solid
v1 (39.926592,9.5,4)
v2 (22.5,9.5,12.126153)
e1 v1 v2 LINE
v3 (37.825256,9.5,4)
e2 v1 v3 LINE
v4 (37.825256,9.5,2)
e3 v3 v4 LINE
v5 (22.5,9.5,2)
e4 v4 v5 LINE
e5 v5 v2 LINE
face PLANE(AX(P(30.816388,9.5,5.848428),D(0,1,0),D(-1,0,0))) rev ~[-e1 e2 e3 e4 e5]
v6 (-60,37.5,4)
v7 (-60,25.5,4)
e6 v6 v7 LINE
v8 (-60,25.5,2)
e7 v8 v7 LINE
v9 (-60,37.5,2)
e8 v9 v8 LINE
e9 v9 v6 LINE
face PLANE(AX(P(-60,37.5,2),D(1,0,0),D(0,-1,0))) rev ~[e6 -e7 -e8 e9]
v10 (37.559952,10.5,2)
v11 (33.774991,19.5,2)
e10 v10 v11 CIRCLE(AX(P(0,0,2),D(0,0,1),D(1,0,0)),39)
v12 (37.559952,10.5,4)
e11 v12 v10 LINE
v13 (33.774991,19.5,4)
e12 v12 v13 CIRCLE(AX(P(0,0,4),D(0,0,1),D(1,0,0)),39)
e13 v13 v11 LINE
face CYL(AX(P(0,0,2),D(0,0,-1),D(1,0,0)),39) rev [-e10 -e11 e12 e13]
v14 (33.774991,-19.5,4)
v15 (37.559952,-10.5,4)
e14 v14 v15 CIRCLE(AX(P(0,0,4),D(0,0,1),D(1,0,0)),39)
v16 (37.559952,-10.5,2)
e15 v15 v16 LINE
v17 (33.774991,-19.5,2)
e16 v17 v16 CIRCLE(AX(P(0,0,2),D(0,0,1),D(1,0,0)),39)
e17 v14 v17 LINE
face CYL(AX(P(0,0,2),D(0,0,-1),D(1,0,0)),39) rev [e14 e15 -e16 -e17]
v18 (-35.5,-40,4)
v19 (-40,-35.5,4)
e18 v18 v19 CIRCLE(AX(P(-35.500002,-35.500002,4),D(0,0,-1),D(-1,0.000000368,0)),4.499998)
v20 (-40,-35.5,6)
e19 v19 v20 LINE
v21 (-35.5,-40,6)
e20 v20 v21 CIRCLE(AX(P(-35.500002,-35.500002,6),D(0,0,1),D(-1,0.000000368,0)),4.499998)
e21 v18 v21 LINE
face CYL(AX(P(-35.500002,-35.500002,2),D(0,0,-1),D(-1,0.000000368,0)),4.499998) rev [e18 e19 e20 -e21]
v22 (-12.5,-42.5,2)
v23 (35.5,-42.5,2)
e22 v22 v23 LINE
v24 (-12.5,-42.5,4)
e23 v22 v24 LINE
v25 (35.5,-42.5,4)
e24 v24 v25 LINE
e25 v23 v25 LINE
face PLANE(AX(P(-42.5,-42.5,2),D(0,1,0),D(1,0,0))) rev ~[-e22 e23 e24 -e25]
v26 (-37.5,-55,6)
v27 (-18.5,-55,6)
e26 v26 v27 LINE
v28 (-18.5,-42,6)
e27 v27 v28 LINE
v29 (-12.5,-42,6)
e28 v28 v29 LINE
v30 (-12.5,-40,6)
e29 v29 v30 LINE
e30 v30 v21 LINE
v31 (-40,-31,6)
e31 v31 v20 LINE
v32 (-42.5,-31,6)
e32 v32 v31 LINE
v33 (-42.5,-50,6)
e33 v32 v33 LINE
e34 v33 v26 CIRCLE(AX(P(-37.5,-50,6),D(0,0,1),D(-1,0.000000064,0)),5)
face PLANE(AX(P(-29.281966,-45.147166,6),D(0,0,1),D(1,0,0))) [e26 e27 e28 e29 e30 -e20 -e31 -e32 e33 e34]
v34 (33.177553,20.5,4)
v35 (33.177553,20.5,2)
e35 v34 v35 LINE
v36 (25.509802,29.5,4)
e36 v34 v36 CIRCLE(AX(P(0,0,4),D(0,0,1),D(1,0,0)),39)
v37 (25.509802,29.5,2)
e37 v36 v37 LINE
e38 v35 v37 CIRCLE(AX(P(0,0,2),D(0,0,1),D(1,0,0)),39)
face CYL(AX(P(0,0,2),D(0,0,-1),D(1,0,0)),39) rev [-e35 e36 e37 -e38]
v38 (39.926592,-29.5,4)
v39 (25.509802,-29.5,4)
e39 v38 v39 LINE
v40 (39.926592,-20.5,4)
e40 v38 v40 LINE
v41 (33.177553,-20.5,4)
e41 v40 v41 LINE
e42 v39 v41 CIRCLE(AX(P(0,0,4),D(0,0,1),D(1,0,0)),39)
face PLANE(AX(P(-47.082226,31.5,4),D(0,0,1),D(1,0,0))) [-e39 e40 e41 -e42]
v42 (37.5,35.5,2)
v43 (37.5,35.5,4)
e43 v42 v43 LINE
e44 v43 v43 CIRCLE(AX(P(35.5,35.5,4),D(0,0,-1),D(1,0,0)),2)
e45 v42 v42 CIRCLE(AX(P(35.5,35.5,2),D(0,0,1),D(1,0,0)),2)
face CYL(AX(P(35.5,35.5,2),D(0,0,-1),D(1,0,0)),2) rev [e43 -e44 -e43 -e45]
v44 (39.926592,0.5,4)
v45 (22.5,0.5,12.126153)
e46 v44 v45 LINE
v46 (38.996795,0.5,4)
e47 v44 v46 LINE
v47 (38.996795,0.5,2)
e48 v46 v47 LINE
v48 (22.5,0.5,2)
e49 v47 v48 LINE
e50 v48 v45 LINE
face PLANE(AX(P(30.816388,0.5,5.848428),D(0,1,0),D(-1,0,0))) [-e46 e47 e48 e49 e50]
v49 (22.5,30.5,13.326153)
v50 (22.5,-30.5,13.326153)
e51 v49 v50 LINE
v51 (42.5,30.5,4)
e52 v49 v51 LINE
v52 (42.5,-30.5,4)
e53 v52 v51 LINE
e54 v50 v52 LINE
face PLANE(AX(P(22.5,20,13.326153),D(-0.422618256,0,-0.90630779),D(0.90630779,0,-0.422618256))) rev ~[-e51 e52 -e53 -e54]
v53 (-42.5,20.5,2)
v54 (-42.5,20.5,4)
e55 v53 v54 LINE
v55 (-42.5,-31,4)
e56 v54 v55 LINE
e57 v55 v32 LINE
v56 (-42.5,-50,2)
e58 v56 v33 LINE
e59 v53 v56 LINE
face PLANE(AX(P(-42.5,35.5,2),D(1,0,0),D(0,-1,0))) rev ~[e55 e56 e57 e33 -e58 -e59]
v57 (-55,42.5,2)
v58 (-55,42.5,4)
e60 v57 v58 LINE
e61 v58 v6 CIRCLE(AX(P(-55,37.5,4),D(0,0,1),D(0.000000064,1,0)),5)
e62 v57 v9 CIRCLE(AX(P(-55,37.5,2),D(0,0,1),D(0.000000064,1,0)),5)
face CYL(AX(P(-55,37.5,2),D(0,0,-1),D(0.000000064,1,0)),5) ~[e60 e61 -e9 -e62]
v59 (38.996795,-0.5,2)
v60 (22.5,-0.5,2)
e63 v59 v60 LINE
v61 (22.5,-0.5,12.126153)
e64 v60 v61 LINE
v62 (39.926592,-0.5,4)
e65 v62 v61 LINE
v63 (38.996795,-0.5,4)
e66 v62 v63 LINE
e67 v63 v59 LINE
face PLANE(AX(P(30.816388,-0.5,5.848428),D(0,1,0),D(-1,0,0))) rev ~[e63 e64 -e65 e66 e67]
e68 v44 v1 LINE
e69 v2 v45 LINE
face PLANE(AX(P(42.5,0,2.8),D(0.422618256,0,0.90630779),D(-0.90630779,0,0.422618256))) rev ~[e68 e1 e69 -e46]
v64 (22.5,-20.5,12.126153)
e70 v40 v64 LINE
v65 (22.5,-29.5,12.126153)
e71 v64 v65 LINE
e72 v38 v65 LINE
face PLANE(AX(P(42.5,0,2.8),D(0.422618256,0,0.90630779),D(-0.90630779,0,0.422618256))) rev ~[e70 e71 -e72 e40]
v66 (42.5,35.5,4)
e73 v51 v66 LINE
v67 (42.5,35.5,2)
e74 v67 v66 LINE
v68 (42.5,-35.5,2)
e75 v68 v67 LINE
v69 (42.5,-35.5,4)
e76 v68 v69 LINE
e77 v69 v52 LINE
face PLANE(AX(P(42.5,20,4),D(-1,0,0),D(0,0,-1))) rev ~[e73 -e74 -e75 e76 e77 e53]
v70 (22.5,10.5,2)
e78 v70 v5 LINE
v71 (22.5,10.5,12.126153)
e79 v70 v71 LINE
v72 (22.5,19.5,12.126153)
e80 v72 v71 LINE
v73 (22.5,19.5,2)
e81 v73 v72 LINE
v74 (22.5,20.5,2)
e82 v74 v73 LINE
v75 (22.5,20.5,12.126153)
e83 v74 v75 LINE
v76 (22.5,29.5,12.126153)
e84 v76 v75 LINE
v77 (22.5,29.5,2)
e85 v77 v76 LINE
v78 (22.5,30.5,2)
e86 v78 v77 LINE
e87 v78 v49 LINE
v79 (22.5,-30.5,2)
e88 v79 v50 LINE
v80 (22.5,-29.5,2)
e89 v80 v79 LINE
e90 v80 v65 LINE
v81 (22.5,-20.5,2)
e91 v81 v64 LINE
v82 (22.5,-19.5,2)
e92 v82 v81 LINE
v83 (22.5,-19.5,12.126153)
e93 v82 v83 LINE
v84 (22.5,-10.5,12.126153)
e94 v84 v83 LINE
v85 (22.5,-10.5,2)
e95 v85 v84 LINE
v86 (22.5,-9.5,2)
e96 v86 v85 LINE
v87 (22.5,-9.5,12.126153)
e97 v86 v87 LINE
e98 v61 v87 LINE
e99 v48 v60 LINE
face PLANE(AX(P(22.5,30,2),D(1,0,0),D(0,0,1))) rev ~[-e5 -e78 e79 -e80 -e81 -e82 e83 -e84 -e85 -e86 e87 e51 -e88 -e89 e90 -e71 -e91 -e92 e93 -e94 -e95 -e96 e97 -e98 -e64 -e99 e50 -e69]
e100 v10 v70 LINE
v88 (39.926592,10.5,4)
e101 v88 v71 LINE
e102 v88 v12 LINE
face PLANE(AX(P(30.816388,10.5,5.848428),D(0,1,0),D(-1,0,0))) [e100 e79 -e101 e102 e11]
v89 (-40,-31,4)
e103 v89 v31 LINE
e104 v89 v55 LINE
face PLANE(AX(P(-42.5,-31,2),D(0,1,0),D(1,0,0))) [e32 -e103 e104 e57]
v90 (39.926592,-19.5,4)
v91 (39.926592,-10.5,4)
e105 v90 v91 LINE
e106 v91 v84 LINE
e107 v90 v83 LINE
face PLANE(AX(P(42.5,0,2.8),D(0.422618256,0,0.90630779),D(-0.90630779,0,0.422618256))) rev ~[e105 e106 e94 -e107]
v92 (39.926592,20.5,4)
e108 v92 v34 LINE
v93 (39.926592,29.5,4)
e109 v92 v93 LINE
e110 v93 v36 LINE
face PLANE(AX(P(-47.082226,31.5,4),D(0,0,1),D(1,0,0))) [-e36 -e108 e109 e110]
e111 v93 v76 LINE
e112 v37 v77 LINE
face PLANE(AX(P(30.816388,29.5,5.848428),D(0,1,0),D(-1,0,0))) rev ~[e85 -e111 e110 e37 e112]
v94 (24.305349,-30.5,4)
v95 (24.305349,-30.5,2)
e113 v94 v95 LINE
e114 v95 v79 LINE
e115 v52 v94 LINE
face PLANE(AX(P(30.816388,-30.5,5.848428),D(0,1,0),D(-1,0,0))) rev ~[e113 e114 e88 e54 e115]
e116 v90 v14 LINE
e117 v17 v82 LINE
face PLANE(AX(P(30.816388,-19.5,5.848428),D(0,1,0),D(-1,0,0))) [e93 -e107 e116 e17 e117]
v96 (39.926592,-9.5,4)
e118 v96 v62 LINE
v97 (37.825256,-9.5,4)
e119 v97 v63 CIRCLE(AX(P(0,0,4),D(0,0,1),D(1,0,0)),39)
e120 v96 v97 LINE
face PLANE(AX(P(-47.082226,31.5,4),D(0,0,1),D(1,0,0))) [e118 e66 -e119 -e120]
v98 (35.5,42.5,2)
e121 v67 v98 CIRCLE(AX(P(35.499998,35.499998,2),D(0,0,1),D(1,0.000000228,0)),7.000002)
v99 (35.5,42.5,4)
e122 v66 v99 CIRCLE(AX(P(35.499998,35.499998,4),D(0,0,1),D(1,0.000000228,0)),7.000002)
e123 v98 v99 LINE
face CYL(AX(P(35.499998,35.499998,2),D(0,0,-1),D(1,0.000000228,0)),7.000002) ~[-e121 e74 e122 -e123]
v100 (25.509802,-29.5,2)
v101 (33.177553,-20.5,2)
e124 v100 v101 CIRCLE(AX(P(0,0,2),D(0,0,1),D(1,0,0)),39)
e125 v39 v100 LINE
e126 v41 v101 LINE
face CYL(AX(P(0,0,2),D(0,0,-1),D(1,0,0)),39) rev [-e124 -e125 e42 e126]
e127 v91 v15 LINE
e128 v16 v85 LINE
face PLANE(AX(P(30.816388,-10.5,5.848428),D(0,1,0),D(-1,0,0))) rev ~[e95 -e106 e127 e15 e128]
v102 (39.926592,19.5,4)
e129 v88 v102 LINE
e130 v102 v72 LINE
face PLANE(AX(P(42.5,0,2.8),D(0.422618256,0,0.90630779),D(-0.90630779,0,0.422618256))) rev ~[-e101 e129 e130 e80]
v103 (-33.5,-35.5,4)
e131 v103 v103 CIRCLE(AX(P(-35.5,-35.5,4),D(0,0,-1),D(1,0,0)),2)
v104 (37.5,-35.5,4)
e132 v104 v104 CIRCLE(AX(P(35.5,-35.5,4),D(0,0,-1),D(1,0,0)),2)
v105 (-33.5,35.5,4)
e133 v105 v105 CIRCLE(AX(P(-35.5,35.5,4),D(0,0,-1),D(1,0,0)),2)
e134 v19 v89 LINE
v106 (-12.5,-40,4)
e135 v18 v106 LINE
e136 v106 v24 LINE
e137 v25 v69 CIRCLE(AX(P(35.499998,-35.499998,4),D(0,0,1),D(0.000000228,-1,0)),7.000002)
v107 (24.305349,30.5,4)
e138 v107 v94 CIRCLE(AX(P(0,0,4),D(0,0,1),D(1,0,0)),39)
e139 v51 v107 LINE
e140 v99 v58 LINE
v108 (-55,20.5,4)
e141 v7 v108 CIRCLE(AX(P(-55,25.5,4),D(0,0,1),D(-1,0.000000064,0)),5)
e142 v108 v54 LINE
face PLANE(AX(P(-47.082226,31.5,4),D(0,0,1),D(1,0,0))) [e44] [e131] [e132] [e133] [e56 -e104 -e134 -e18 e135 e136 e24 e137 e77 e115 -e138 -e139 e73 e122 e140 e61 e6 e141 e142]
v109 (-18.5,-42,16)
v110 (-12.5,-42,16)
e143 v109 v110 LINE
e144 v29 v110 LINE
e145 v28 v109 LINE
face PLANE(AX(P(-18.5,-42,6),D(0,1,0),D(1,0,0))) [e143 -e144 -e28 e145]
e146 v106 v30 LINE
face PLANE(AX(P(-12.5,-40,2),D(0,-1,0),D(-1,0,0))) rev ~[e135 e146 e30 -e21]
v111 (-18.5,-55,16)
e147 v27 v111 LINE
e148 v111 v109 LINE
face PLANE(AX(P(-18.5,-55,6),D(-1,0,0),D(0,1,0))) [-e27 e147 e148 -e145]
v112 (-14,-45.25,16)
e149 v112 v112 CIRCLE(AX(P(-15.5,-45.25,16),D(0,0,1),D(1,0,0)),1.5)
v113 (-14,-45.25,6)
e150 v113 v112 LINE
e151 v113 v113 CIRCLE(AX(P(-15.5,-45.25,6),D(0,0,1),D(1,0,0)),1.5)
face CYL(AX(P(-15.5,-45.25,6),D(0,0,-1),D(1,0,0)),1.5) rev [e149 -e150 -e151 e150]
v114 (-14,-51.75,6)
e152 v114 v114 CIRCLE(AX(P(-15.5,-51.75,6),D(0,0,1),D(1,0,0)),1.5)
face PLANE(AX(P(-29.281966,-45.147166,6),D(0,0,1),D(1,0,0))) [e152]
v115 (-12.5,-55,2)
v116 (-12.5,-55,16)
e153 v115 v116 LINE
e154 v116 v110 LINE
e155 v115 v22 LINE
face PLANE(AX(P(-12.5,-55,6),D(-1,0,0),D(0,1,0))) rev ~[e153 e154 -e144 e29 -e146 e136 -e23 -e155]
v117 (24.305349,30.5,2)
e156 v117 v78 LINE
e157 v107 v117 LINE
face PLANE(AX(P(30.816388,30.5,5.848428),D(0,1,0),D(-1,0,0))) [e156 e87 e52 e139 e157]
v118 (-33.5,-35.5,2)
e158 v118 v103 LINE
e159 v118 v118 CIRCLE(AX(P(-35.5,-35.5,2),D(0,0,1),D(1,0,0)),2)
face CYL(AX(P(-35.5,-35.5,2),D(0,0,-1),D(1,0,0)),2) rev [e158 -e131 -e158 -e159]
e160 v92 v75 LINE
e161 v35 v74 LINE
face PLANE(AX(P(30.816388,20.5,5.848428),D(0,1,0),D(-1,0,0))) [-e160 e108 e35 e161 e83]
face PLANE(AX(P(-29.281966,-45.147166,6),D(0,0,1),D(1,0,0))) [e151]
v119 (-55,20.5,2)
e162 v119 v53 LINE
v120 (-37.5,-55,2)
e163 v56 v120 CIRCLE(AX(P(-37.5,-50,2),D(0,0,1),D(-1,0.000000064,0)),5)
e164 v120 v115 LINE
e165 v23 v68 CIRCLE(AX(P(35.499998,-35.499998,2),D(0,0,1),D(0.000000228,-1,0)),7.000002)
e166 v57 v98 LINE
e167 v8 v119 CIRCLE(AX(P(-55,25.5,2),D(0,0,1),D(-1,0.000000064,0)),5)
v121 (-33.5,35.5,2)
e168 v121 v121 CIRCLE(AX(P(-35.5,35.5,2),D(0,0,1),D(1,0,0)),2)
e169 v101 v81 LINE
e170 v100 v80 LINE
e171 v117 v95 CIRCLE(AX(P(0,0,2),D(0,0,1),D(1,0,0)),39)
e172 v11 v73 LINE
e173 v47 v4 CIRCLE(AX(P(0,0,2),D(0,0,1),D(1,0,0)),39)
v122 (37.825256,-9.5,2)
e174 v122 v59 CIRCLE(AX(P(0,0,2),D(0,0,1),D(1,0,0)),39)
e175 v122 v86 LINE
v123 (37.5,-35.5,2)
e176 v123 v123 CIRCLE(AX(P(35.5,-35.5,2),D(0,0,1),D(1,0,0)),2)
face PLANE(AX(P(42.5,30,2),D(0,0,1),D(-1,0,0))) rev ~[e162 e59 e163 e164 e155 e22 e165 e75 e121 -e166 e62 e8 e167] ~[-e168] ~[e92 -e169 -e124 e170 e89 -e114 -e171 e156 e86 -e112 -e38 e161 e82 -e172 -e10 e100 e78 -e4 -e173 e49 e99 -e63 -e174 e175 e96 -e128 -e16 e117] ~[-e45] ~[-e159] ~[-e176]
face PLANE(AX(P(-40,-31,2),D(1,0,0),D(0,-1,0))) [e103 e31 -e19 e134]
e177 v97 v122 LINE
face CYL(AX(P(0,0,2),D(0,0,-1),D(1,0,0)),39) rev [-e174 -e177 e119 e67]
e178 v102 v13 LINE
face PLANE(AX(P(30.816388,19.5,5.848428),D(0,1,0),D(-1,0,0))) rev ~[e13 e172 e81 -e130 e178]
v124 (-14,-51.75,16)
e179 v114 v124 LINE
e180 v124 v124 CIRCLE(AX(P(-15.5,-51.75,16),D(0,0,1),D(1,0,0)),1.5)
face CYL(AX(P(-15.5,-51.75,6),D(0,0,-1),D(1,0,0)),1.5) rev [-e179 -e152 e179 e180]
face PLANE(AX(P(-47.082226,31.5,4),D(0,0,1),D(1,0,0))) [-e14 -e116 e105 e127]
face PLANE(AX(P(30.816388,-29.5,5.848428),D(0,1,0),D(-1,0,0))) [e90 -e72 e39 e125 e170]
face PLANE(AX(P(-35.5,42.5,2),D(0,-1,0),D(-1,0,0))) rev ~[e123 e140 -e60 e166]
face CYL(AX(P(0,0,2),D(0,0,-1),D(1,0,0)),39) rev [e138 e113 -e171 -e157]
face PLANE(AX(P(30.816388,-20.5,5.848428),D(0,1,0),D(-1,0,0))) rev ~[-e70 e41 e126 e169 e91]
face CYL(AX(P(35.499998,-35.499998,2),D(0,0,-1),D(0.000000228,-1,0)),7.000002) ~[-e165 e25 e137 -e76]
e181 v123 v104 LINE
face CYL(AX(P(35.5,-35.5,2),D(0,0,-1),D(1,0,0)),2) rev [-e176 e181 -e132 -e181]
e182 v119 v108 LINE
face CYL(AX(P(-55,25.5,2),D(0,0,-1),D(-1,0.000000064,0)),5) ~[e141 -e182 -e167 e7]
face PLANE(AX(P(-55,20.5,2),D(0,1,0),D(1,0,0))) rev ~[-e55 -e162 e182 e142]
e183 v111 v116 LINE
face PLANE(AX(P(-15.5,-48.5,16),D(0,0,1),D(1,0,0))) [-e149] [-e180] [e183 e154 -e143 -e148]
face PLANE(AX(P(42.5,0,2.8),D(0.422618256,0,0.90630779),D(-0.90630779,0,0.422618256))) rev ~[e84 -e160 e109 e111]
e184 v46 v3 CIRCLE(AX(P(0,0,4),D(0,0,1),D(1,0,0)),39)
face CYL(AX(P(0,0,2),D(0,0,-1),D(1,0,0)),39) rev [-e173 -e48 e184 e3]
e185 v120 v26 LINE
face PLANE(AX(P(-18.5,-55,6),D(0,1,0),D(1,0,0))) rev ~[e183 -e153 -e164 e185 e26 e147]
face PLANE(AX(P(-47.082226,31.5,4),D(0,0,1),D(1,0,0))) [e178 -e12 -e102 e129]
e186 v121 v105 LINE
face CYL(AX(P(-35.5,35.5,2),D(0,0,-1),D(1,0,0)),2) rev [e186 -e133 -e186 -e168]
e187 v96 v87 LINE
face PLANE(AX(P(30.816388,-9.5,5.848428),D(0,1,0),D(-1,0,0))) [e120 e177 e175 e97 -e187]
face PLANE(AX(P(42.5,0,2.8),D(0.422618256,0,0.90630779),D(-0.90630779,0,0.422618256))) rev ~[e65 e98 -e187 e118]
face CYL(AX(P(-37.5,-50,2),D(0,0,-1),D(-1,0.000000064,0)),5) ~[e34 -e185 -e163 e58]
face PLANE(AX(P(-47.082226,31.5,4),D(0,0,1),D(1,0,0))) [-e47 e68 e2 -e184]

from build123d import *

# Parameters (mm, degrees)
SKETCH003_R         = 39
PAD002_DEPTH        = 2
PAD009_DEPTH        = 4
SKETCH011_W         = 6
SKETCH011_H         = 13
SKETCH011_R         = 1.5
PAD011_DEPTH        = 10
PAD012_DEPTH        = 2
SKETCH013_R         = 2
SKETCH013_R_2       = 39
POCKET_DEPTH        = 0.001
POCKET_DEPTH_BACK   = 14.001
PAD003_DEPTH        = 29.5
PAD006_DEPTH        = 0.5
LINEARPATTERN_COUNT = 7
LINEARPATTERN_PITCH = 10


with BuildPart() as part:
    # Sketch003 → Pad002 (new body)
    with BuildSketch(Plane.XY):
        with BuildLine():
            Line((-42.5, 35.5), (-42.5, -42.5))
            Line((-42.5, -42.5), (35.5, -42.5))
            ThreePointArc((35.5, -42.5), (40.449747, -40.449747), (42.5, -35.5))
            Line((42.5, -35.5), (42.5, 35.5))
            ThreePointArc((42.5, 35.5), (40.449747, 40.449747), (35.5, 42.5))
            Line((35.5, 42.5), (-35.5, 42.5))
            ThreePointArc((-35.5, 42.5), (-40.449747, 40.449747), (-42.5, 35.5))
        make_face()
        Circle(SKETCH003_R, mode=Mode.SUBTRACT)
    extrude(amount=PAD002_DEPTH)

    # Sketch009 → Pad009 (join)
    with BuildSketch(Plane.XY):
        with BuildLine():
            Line((-42.5, -31), (-42.5, -50))
            ThreePointArc((-42.5, -50), (-41.035534, -53.535534), (-37.5, -55))
            Line((-37.5, -55), (-12.5, -55))
            Line((-12.5, -55), (-12.5, -40))
            Line((-12.5, -40), (-35.5, -40))
            ThreePointArc((-40, -35.5), (-38.681981, -38.681981), (-35.5, -40))
            Line((-40, -31), (-40, -35.5))
            Line((-42.5, -31), (-40, -31))
        make_face()
    extrude(amount=PAD009_DEPTH)

    # Sketch011 → Pad011 (join)
    with BuildSketch(Plane.XY.offset(4)):
        with Locations((-15.5, -48.5)):
            Rectangle(SKETCH011_W, SKETCH011_H)
        with Locations((-15.5, -45.25)):
            Circle(SKETCH011_R, mode=Mode.SUBTRACT)
        with Locations((-15.5, -51.75)):
            Circle(SKETCH011_R, mode=Mode.SUBTRACT)
    extrude(amount=PAD011_DEPTH)

    # Sketch012 → Pad012 (join)
    with BuildSketch(Plane.XY):
        with BuildLine():
            Line((-60, 37.5), (-60, 25.5))
            ThreePointArc((-60, 25.5), (-58.535534, 21.964466), (-55, 20.5))
            Line((-55, 20.5), (-35.5, 20.5))
            Line((-35.5, 20.5), (-35.5, 42.5))
            Line((-35.5, 42.5), (-55, 42.5))
            ThreePointArc((-55, 42.5), (-58.535534, 41.035534), (-60, 37.5))
        make_face()
    extrude(amount=PAD012_DEPTH)

    # Sketch013 → Pocket (cut, two sides)
    with BuildSketch(Plane.XY) as pocket_sk:
        with Locations((-35.5, 35.5)):
            Circle(SKETCH013_R)
        with Locations((35.5, 35.5)):
            Circle(SKETCH013_R)
        with Locations((35.5, -35.5)):
            Circle(SKETCH013_R)
        with Locations((-35.5, -35.5)):
            Circle(SKETCH013_R)
        Circle(SKETCH013_R_2)
    extrude(amount=-POCKET_DEPTH, mode=Mode.SUBTRACT)
    extrude(pocket_sk.sketch, amount=POCKET_DEPTH_BACK, mode=Mode.SUBTRACT)

    # Sketch002 → Pad003 (join, symmetric)
    with BuildSketch(Plane.XZ):
        Polygon((22.5, 11.326153), (42.5, 2), (42.5, 0.8), (22.5, 10.126153), align=None)
    extrude(amount=PAD003_DEPTH, both=True)

    # Sketch006 → Pad006 (join, symmetric)
    with BuildSketch(Plane.XZ.offset(-30)):
        Polygon((22.5, 11.326153), (42.5, 2), (42.5, 0), (22.5, 0), align=None)
    pad006 = extrude(amount=PAD006_DEPTH, both=True)

    # LinearPattern: Pad006 ×7
    with Locations(*[(0, -i * LINEARPATTERN_PITCH, 0) for i in range(1, LINEARPATTERN_COUNT)]):
        add(pad006)


with BuildPart() as part_1:
    # Body001 placement: moved
    add(part.part.moved(Location((0, 0, 2))))


solid = part_1.part
